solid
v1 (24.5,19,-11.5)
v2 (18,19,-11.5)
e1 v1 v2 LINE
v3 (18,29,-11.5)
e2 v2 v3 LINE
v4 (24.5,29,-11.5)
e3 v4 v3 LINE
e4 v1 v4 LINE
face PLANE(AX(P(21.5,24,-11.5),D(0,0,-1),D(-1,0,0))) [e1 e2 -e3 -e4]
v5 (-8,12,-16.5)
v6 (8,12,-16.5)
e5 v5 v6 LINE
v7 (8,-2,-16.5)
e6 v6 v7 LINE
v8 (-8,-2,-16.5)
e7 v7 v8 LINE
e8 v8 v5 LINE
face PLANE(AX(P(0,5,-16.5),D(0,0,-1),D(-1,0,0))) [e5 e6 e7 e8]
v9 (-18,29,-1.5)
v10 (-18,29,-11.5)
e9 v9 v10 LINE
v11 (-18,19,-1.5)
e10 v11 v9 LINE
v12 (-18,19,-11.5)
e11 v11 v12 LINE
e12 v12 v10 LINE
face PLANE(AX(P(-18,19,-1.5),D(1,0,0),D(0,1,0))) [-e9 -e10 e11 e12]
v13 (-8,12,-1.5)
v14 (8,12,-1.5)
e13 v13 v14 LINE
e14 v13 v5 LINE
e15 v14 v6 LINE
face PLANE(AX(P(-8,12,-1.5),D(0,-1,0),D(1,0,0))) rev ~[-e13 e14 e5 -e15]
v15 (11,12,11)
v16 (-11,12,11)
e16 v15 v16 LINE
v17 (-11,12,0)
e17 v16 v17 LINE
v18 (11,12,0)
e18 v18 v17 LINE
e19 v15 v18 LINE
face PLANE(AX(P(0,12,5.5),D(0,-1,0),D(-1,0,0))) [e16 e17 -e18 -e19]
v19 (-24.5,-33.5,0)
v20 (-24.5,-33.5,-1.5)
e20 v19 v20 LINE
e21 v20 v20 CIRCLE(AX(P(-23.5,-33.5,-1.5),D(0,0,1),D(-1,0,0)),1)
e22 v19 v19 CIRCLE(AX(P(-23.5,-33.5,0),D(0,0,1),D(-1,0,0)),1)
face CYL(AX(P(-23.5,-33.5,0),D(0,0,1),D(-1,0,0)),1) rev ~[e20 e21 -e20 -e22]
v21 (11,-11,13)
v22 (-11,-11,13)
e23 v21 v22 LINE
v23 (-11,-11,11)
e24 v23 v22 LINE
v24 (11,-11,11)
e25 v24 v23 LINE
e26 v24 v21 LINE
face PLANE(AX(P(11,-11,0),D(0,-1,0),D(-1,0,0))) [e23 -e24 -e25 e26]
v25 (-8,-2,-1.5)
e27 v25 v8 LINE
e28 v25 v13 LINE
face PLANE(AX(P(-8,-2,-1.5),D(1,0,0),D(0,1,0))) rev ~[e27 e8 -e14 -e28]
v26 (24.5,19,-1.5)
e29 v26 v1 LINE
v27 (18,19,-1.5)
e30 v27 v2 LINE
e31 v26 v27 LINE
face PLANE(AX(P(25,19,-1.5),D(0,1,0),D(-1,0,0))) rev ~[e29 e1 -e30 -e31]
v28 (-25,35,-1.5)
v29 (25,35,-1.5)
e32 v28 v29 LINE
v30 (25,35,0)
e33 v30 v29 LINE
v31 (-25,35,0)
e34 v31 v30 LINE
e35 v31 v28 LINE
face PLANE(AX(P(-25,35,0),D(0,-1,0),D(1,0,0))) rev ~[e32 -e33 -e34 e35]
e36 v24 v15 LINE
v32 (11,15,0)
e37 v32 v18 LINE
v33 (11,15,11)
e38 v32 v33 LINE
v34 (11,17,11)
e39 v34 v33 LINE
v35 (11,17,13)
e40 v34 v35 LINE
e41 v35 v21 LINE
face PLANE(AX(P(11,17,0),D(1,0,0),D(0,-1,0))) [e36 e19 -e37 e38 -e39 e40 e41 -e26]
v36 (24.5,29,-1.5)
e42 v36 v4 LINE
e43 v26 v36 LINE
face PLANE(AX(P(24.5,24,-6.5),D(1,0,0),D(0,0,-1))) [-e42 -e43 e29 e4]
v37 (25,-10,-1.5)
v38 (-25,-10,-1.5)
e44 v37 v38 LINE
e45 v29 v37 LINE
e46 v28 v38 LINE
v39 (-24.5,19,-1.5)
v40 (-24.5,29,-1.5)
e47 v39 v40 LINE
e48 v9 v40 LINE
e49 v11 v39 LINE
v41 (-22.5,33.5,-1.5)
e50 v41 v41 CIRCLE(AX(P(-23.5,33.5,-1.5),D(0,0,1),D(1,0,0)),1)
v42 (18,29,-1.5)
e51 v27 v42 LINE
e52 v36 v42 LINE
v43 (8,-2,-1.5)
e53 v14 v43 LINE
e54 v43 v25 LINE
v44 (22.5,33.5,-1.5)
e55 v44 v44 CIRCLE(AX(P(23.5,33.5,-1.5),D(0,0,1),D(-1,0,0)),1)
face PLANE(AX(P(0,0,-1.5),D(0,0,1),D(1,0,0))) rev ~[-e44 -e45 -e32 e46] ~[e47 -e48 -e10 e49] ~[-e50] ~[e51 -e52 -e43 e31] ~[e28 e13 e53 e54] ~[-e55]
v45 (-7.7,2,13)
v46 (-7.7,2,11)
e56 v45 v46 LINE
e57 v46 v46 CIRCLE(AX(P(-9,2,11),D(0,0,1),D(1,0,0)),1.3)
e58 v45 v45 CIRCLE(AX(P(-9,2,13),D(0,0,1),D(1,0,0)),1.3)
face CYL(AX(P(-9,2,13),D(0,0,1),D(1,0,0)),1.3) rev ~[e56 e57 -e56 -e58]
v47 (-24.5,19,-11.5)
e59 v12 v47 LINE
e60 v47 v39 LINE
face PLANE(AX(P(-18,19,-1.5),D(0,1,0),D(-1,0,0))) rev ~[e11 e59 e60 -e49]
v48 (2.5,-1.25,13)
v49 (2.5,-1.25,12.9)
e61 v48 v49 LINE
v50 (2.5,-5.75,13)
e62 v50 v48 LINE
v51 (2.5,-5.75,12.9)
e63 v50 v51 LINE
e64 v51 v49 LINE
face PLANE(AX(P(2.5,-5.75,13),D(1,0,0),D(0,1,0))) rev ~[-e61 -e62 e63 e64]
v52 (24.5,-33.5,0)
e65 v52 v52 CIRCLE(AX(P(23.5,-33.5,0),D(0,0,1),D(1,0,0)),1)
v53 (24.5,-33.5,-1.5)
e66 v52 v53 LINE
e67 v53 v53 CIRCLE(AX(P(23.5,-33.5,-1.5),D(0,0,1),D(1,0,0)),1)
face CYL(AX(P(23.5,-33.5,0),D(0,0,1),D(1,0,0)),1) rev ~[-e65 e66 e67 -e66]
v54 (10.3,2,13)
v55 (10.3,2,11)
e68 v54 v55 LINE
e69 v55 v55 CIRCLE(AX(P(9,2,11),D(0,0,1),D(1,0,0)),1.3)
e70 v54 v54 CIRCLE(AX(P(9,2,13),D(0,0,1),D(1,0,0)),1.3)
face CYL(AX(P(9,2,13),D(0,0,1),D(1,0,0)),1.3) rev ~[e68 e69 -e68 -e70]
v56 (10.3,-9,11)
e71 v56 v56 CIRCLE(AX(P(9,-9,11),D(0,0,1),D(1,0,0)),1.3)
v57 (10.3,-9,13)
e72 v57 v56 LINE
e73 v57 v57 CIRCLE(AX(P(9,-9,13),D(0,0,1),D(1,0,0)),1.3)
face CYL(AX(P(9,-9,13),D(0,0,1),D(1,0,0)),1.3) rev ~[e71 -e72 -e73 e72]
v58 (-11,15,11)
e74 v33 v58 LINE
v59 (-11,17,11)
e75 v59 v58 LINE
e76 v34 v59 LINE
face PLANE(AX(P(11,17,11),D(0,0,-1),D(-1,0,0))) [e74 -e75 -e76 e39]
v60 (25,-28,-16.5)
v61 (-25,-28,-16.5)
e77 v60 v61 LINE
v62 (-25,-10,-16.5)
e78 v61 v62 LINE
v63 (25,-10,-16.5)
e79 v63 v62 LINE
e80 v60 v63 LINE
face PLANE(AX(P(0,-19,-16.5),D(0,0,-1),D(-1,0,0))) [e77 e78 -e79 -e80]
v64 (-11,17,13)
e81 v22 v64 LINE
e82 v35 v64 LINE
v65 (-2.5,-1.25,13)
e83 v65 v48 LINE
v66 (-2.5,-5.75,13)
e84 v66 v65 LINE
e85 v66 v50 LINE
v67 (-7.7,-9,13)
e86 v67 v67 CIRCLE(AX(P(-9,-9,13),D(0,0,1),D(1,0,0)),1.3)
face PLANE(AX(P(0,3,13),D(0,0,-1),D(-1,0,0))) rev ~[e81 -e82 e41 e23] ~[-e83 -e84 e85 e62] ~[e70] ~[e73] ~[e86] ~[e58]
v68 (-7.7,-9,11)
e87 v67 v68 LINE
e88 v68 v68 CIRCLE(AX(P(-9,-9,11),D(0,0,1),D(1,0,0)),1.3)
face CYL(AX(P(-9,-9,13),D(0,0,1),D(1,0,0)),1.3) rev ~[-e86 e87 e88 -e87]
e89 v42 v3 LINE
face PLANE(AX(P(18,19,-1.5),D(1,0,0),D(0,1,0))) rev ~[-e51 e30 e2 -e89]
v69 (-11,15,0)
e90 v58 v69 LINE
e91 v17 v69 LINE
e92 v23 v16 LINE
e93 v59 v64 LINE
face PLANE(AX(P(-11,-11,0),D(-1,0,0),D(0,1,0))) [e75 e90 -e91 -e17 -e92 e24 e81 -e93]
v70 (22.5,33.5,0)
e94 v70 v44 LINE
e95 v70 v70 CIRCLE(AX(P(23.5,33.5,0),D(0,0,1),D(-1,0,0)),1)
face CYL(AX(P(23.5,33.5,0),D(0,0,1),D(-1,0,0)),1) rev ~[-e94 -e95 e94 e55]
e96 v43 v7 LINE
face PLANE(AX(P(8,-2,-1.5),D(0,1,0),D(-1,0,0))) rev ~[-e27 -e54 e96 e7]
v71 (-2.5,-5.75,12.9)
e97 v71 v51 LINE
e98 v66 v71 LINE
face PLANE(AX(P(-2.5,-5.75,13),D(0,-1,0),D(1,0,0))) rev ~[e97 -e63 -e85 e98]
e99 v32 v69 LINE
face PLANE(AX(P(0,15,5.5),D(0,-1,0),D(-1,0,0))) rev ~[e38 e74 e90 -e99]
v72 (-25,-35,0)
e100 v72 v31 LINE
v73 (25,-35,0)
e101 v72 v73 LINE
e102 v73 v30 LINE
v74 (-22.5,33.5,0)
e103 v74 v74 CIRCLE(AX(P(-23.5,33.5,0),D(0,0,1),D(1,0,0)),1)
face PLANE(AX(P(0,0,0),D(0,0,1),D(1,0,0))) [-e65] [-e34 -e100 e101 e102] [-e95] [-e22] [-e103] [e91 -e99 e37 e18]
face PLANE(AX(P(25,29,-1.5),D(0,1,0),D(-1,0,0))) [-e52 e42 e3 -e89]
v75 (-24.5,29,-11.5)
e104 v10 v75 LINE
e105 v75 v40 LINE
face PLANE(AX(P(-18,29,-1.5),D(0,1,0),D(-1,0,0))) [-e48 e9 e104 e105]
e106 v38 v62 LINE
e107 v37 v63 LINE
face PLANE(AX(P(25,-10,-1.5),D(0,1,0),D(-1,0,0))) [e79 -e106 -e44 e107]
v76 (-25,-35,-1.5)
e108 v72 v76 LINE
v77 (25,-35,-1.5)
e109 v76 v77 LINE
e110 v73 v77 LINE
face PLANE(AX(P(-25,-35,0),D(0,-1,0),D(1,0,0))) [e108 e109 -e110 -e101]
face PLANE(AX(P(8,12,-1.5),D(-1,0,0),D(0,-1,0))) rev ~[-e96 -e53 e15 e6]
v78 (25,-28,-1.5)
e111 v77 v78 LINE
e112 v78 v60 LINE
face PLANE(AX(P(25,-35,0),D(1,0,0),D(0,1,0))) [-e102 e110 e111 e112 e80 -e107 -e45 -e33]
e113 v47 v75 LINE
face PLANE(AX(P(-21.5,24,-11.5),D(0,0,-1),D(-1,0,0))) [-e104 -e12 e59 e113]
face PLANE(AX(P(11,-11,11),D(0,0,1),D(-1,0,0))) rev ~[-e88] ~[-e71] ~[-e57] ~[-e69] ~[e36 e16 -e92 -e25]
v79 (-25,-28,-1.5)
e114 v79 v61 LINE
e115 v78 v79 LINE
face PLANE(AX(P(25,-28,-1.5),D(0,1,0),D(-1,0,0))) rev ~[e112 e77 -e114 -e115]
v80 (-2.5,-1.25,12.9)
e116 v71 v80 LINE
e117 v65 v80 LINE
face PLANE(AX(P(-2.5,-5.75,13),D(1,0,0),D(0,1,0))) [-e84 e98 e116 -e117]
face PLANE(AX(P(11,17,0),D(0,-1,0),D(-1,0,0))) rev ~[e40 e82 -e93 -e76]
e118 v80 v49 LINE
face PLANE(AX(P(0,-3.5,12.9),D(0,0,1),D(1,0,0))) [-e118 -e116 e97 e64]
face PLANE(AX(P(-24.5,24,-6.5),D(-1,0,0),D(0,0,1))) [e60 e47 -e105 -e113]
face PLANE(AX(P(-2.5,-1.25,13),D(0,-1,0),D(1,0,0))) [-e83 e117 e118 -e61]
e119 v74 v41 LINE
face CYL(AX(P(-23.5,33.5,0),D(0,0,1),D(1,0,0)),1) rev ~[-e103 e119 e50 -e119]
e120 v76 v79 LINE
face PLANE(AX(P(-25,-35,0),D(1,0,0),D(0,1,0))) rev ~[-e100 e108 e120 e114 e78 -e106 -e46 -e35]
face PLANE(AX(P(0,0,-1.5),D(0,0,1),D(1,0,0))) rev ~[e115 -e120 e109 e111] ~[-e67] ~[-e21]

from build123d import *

# Parameters (mm, degrees)
SKETCH_1_W          = 50
SKETCH_1_H          = 70
EXTRUDE_1_DEPTH     = 1.5
SKETCH_2_R          = 1
CUT_EXTRUDE_1_DEPTH = 1.5
SKETCH_3_W          = 50
SKETCH_3_H          = 18
EXTRUDE_2_DEPTH     = 15
EXTRUDE_3_DEPTH     = 15
SKETCH_5_W          = 7
SKETCH_5_H          = 10
EXTRUDE_4_DEPTH     = 10
EXTRUDE_5_DEPTH     = 13
SKETCH_7_W          = 22
SKETCH_7_H          = 11
CUT_EXTRUDE_2_DEPTH = 23
CUT_EXTRUDE_3_DEPTH = 2
SKETCH_9_W          = 10
SKETCH_9_H          = 10
CUT_EXTRUDE_4_DEPTH = 0.5
SKETCH_10_W         = 10
SKETCH_10_H         = 10
CUT_EXTRUDE_5_DEPTH = 0.5
CUT_EXTRUDE_6_REACH = 54.156
SKETCH_11_R         = 1.3
SKETCH_12_W         = 5
SKETCH_12_H         = 4.5
CUT_EXTRUDE_8_DEPTH = 0.1


with BuildPart() as part:
    # 草图1 → 凸台-拉伸1 (new body)
    with BuildSketch(Plane.XY):
        Rectangle(SKETCH_1_W, SKETCH_1_H)
    extrude(amount=-EXTRUDE_1_DEPTH)

    # 草图2 → 切除-拉伸1 (cut)
    with BuildSketch(Plane.XY):
        with Locations((-23.5, 33.5)):
            Circle(SKETCH_2_R)
        with Locations(Location((23.5, 33.5, 0), (0, 0, 180))):
            Circle(SKETCH_2_R)
        with Locations((23.5, -33.5)):
            Circle(SKETCH_2_R)
        with Locations(Location((-23.5, -33.5, 0), (0, 0, 180))):
            Circle(SKETCH_2_R)
    extrude(amount=-CUT_EXTRUDE_1_DEPTH, mode=Mode.SUBTRACT)

    # 草图3 → 凸台-拉伸2 (add)
    with BuildSketch(Plane(origin=(0, 0, -1.5), x_dir=(-1, 0, 0), z_dir=(0, 0, -1))):
        with Locations((0, -19)):
            Rectangle(SKETCH_3_W, SKETCH_3_H)
    extrude(amount=EXTRUDE_2_DEPTH)

    # 草图4 → 凸台-拉伸3 (add)
    with BuildSketch(Plane(origin=(0, 0, -1.5), x_dir=(-1, 0, 0), z_dir=(0, 0, -1))):
        Polygon((-8, -2), (0, -2), (8, -2), (8, 12), (-8, 12), align=None)
    extrude(amount=EXTRUDE_3_DEPTH)

    # 草图5 → 凸台-拉伸4 (add)
    with BuildSketch(Plane(origin=(0, 0, -1.5), x_dir=(-1, 0, 0), z_dir=(0, 0, -1))):
        with Locations((-21.5, 24)):
            Rectangle(SKETCH_5_W, SKETCH_5_H)
        with Locations((21.5, 24)):
            Rectangle(SKETCH_5_W, SKETCH_5_H)
    extrude(amount=EXTRUDE_4_DEPTH)

    # 草图6 → 凸台-拉伸5 (add)
    with BuildSketch(Plane.XY):
        Polygon((0, 17), (11, 17), (11, -11), (-11, -11), (-11, 17), align=None)
    extrude(amount=EXTRUDE_5_DEPTH)

    # 草图7 → 切除-拉伸2 (cut)
    with BuildSketch(Plane(origin=(0, -11, 0), x_dir=(-1, 0, 0), z_dir=(0, -1, 0))):
        with Locations((0, -5.5)):
            Rectangle(SKETCH_7_W, SKETCH_7_H)
    extrude(amount=-CUT_EXTRUDE_2_DEPTH, mode=Mode.SUBTRACT)

    # 草图8 → 切除-拉伸3 (cut)
    with BuildSketch(Plane(origin=(0, 17, 0), x_dir=(1, 0, 0), z_dir=(0, 1, 0))):
        Polygon((0, 0), (11, 0), (11, -11), (-11, -11), (-11, 0), align=None)
    extrude(amount=-CUT_EXTRUDE_3_DEPTH, mode=Mode.SUBTRACT)

    # 草图9 → 切除-拉伸4 (cut)
    with BuildSketch(Plane.ZY.offset(25)):
        with Locations((-6.5, 24)):
            Rectangle(SKETCH_9_W, SKETCH_9_H)
    extrude(amount=-CUT_EXTRUDE_4_DEPTH, mode=Mode.SUBTRACT)

    # 草图10 → 切除-拉伸5 (cut)
    with BuildSketch(Plane(origin=(25, 0, 0), x_dir=(0, 0, -1), z_dir=(1, 0, 0))):
        with Locations((6.5, 24)):
            Rectangle(SKETCH_10_W, SKETCH_10_H)
    extrude(amount=-CUT_EXTRUDE_5_DEPTH, mode=Mode.SUBTRACT)

    # 草图11 → 切除-拉伸6 (cut, up to next)
    with BuildSketch(Plane.XY.offset(13), mode=Mode.PRIVATE) as cut_extrude_6_sk1:
        with Locations((-9, 2)):
            Circle(SKETCH_11_R)
    cut_extrude_6_tool1 = extrude(cut_extrude_6_sk1.sketch, amount=-CUT_EXTRUDE_6_REACH, mode=Mode.PRIVATE) & part.part
    # 草图11 → 切除-拉伸6 (cut, up to next)
    with BuildSketch(Plane.XY.offset(13), mode=Mode.PRIVATE) as cut_extrude_6_sk2:
        with Locations((-9, -9)):
            Circle(SKETCH_11_R)
    cut_extrude_6_tool2 = extrude(cut_extrude_6_sk2.sketch, amount=-CUT_EXTRUDE_6_REACH, mode=Mode.PRIVATE) & part.part
    # 草图11 → 切除-拉伸6 (cut, up to next)
    with BuildSketch(Plane.XY.offset(13), mode=Mode.PRIVATE) as cut_extrude_6_sk3:
        with Locations((9, 2)):
            Circle(SKETCH_11_R)
    cut_extrude_6_tool3 = extrude(cut_extrude_6_sk3.sketch, amount=-CUT_EXTRUDE_6_REACH, mode=Mode.PRIVATE) & part.part
    # 草图11 → 切除-拉伸6 (cut, up to next)
    with BuildSketch(Plane.XY.offset(13), mode=Mode.PRIVATE) as cut_extrude_6_sk4:
        with Locations((9, -9)):
            Circle(SKETCH_11_R)
    cut_extrude_6_tool4 = extrude(cut_extrude_6_sk4.sketch, amount=-CUT_EXTRUDE_6_REACH, mode=Mode.PRIVATE) & part.part
    add(cut_extrude_6_tool1.solids().sort_by_distance((-9, 2, 13))[0], mode=Mode.SUBTRACT)
    add(cut_extrude_6_tool2.solids().sort_by_distance((-9, -9, 13))[0], mode=Mode.SUBTRACT)
    add(cut_extrude_6_tool3.solids().sort_by_distance((9, 2, 13))[0], mode=Mode.SUBTRACT)
    add(cut_extrude_6_tool4.solids().sort_by_distance((9, -9, 13))[0], mode=Mode.SUBTRACT)

    # 草图12 → 切除-拉伸8 (cut)
    with BuildSketch(Plane.XY.offset(13)):
        with Locations((0, -3.5)):
            Rectangle(SKETCH_12_W, SKETCH_12_H)
    extrude(amount=-CUT_EXTRUDE_8_DEPTH, mode=Mode.SUBTRACT)


solid = part.part
